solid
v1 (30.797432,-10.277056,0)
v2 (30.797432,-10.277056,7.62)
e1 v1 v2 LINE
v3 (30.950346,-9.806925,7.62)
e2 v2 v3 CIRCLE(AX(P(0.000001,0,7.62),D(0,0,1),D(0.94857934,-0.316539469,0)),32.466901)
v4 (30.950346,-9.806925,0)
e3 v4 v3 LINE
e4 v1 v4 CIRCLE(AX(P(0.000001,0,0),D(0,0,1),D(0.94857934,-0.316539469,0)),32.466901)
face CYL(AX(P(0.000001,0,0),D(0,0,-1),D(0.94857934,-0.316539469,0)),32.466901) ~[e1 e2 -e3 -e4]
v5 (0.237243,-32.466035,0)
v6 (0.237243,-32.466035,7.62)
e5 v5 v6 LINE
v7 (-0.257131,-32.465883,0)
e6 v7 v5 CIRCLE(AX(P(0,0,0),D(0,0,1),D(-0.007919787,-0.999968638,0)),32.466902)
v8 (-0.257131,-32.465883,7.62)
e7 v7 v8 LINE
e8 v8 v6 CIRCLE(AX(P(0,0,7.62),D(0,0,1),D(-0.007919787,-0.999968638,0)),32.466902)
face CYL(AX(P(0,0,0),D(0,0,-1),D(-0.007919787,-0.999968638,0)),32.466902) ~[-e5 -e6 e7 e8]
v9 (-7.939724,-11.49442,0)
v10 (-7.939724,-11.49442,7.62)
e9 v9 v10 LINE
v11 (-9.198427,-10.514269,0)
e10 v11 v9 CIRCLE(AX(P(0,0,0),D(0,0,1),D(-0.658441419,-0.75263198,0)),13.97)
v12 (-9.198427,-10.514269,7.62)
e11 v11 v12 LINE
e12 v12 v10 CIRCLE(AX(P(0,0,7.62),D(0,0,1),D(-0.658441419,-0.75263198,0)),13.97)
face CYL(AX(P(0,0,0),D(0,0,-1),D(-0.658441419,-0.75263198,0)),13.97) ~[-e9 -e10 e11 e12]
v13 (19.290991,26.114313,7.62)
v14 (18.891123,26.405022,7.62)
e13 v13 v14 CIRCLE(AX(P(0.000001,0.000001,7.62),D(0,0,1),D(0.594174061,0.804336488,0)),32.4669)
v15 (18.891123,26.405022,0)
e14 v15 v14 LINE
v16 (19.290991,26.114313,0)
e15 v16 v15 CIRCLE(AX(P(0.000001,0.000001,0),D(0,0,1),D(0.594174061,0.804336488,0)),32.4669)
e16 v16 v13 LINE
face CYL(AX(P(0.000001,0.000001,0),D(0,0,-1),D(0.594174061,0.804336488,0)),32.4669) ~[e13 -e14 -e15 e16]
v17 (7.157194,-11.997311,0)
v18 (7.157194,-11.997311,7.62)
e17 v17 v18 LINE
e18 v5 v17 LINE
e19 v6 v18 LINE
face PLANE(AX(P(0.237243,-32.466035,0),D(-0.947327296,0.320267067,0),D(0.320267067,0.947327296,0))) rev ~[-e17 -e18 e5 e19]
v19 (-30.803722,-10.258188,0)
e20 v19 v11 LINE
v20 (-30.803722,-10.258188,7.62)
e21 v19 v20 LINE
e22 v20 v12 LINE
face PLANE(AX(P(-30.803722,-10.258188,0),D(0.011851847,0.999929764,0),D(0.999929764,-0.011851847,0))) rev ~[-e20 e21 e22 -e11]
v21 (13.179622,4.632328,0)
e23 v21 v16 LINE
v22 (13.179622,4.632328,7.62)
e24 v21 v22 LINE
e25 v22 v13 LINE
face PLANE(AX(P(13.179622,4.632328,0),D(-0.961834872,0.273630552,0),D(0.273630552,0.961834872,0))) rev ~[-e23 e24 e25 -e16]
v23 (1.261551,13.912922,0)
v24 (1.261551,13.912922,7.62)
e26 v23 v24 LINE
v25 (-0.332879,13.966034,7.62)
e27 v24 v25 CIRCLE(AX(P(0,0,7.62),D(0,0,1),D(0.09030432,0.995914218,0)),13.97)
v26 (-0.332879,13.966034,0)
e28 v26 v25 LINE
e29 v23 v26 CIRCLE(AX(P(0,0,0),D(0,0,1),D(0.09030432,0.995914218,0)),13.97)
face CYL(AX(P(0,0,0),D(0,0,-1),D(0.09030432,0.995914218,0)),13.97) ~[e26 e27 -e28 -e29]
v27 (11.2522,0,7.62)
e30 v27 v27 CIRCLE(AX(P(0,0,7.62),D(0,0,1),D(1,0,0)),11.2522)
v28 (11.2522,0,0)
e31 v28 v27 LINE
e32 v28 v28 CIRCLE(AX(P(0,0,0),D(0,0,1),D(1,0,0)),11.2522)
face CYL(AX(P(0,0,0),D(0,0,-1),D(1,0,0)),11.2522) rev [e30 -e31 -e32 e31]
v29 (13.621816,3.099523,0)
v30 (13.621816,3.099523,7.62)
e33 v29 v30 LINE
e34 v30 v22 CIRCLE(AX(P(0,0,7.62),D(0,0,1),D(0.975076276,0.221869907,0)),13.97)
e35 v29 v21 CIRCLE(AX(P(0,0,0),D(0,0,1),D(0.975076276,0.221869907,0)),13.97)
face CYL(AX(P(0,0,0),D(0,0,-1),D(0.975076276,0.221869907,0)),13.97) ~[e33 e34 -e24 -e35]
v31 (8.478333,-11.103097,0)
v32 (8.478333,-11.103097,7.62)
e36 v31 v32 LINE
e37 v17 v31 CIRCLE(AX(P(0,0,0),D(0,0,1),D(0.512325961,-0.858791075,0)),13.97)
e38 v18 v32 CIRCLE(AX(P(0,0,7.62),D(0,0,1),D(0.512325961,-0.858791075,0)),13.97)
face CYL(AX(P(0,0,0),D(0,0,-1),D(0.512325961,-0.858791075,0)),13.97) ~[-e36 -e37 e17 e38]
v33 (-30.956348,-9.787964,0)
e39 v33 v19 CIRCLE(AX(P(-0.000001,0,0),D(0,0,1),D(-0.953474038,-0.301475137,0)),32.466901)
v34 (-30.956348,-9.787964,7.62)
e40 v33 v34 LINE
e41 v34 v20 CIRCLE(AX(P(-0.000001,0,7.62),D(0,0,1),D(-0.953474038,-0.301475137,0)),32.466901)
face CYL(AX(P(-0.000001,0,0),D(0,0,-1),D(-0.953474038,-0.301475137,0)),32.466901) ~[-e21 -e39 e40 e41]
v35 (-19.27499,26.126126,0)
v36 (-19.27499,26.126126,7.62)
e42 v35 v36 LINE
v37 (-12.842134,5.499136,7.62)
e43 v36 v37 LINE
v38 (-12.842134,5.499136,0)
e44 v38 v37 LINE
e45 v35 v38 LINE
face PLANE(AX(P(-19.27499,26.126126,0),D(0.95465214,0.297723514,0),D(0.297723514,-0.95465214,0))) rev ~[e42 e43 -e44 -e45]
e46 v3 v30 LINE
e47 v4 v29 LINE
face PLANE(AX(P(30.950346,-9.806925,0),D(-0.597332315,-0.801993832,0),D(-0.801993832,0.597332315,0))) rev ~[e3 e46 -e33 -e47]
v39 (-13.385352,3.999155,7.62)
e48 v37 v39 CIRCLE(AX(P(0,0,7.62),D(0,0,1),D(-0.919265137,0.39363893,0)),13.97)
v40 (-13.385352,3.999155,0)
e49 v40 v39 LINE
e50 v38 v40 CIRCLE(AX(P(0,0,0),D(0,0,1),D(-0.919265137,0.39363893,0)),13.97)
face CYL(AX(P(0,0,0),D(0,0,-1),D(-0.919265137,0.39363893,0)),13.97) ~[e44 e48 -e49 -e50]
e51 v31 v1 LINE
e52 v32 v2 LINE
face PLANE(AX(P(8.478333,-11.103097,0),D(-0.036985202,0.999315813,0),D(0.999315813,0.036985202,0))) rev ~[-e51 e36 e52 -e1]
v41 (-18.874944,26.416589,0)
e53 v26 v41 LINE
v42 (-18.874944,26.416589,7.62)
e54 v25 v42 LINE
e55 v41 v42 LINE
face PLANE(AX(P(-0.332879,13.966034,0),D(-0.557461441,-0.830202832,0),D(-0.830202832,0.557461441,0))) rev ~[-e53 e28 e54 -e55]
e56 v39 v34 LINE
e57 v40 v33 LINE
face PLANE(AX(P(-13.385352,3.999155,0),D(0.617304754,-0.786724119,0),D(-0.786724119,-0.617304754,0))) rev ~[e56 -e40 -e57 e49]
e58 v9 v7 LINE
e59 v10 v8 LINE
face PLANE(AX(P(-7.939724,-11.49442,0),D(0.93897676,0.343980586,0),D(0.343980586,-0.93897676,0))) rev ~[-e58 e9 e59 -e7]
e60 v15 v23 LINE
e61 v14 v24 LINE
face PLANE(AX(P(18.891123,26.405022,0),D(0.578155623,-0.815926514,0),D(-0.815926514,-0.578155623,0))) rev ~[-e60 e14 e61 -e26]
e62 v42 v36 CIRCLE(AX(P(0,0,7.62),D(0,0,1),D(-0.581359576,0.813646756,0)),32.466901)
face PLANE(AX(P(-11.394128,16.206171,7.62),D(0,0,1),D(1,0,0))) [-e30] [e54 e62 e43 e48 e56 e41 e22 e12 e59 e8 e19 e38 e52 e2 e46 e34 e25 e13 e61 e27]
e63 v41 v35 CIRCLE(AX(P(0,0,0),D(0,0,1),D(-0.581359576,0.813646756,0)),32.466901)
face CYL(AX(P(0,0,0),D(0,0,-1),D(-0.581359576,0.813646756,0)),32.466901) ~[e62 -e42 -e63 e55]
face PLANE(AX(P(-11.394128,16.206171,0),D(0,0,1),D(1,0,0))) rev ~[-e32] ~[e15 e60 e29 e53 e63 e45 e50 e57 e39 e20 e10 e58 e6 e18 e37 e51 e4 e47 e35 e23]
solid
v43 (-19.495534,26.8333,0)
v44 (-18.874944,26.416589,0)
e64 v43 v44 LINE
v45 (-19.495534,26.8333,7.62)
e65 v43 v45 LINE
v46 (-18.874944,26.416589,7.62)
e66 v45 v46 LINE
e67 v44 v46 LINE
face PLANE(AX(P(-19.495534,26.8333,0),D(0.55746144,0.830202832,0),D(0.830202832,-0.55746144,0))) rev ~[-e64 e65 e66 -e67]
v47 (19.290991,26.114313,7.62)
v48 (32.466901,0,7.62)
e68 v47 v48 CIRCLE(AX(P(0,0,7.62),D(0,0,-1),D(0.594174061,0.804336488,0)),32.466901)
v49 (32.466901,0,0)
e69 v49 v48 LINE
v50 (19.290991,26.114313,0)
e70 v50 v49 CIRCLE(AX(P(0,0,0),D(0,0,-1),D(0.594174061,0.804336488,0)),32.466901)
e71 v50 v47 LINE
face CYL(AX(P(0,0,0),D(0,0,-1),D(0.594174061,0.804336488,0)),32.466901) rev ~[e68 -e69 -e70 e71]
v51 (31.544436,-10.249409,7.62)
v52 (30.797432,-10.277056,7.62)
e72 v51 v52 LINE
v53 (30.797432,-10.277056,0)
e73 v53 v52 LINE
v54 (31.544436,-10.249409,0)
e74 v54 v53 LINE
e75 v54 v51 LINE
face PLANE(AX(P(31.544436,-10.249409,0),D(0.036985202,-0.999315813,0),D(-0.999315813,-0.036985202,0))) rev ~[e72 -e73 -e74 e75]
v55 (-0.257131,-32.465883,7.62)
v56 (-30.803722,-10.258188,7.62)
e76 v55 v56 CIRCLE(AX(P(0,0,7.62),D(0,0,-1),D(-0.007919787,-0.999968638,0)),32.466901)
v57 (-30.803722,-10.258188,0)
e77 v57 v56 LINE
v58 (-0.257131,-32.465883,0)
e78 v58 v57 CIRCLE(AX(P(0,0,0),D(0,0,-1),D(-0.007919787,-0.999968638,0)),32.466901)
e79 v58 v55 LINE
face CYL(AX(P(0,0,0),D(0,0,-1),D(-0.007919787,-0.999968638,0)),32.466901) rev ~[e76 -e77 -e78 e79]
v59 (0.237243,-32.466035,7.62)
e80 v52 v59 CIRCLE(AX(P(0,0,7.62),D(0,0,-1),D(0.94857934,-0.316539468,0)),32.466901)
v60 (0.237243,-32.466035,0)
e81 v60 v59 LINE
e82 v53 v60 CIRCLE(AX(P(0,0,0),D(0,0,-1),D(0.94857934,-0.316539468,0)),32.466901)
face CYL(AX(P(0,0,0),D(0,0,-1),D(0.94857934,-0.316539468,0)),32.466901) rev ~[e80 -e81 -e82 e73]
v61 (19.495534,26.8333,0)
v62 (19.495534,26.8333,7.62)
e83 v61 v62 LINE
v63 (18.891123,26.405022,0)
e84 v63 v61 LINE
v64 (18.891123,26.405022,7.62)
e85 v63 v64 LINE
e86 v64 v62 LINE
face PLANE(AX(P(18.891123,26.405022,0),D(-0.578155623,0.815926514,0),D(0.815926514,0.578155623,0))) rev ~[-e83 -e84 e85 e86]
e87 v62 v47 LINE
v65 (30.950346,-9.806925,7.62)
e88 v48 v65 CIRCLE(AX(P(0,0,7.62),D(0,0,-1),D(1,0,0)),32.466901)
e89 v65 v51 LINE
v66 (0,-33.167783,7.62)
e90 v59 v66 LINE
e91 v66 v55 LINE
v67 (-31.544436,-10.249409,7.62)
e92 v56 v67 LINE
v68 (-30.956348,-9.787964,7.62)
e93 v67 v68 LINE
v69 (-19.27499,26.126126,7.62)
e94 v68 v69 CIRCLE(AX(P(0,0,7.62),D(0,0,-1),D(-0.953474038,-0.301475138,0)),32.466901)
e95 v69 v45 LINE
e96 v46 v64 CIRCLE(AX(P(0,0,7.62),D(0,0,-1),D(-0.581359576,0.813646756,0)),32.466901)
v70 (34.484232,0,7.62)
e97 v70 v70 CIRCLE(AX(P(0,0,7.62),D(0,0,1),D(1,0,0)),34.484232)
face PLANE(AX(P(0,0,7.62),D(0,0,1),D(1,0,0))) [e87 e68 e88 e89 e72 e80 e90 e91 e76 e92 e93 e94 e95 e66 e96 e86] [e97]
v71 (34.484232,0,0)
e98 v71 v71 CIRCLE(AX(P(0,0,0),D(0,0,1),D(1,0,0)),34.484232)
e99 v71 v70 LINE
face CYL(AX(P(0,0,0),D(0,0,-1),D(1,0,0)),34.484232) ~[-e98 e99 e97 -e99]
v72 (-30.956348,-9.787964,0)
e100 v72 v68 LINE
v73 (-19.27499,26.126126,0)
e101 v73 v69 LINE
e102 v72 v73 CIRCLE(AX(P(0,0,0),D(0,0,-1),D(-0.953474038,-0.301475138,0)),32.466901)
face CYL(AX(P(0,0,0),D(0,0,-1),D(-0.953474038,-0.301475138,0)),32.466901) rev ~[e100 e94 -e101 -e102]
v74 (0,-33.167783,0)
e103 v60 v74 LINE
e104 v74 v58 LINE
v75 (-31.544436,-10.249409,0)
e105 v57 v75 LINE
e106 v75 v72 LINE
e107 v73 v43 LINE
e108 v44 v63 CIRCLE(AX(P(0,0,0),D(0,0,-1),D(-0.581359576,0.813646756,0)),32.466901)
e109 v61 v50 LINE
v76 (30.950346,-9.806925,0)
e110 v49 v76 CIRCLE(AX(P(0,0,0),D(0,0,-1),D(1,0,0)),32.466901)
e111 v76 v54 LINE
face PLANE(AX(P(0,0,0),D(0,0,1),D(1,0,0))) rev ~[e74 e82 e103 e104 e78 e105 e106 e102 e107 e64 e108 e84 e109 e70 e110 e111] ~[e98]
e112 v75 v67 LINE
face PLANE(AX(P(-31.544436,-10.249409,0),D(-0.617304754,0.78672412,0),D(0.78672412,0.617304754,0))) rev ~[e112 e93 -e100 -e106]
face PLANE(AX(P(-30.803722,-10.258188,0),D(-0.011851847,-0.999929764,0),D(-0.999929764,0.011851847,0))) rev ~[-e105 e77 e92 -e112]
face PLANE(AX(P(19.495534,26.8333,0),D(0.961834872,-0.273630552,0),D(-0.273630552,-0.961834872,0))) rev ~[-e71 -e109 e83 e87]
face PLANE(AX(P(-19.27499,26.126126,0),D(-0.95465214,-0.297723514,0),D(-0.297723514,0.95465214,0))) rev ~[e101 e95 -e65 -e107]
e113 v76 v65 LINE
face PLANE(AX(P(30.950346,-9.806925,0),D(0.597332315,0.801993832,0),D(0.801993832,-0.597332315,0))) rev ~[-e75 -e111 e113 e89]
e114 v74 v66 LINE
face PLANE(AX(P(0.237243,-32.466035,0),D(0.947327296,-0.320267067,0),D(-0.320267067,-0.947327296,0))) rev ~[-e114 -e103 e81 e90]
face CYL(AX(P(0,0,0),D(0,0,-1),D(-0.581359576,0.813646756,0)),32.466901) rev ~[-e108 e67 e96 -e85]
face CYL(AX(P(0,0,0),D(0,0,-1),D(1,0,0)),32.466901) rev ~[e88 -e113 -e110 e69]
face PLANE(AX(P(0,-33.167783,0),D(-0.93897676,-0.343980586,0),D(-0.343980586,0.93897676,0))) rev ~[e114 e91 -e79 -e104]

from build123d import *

# Parameters (mm, degrees)
F0_R     = 11.2522
F1_DEPTH = 7.62
F0_R_2   = 34.4842316456


with BuildPart() as f1:
    # F0 (on Top) → F1 (new body)
    with BuildSketch(Plane.XY):
        with BuildLine():
            ThreePointArc((-12.8421339688, 5.4991358527), (-7.8305382248, 11.5690782308), (-0.3328787362, 13.9660335009))
            Line((-0.3328787362, 13.9660335009), (-18.8749439971, 26.4165889708))
            ThreePointArc((-18.8749439971, 26.4165889708), (-19.0755199185, 26.2721187494), (-19.2749901009, 26.1261256284))
            Line((-19.2749901009, 26.1261256284), (-12.8421339688, 5.4991358527))
        make_face()
        with BuildLine():
            ThreePointArc((1.2615513463, 13.9129216271), (8.5830778523, 11.0223261874), (13.1796219812, 4.632328187))
            Line((13.1796219812, 4.632328187), (19.2909906159, 26.1143134085))
            ThreePointArc((19.2909906159, 26.1143134085), (19.0916099022, 26.260428692), (18.8911225169, 26.4050217534))
            Line((18.8911225169, 26.4050217534), (1.2615513463, 13.9129216271))
        make_face()
        with BuildLine():
            ThreePointArc((13.6218155794, 3.0995225957), (13.8826810027, 1.5595089541), (13.97, 0))
            ThreePointArc((13.97, 0), (12.5220448234, -6.1934879866), (8.4783330795, -11.1030972343))
            Line((8.4783330795, -11.1030972343), (30.7974318744, -10.2770556914))
            ThreePointArc((30.7974318744, -10.2770556914), (30.874783738, -10.0422812586), (30.950345902, -9.8069247112))
            Line((30.950345902, -9.8069247112), (13.6218155794, 3.0995225957))
        make_face()
        with BuildLine():
            Line((0.2372432141, -32.46603455), (7.1571936703, -11.997311314))
            ThreePointArc((7.1571936703, -11.997311314), (-0.4650950677, -13.962255784), (-7.9397239702, -11.4944196581))
            Line((-7.9397239702, -11.4944196581), (-0.2571309513, -32.4658831301))
            ThreePointArc((-0.2571309513, -32.4658831301), (-0.0099441568, -32.4668998344), (0.2372432141, -32.46603455))
        make_face()
        with BuildLine():
            Line((-30.8037215321, -10.2581881207), (-9.1984266271, -10.5142687613))
            ThreePointArc((-9.1984266271, -10.5142687613), (-13.4226166255, -3.8722426223), (-13.3853523543, 3.9991552046))
            Line((-13.3853523543, 3.9991552046), (-30.9563475419, -9.7879635578))
            ThreePointArc((-30.9563475419, -9.7879635578), (-30.8809295649, -10.0233663484), (-30.8037215321, -10.2581881207))
        make_face()
        with BuildLine():
            ThreePointArc((8.4783330795, -11.1030972343), (12.5220448234, -6.1934879866), (13.97, 0))
            ThreePointArc((13.97, 0), (13.8826810027, 1.5595089541), (13.6218155794, 3.0995225957))
            ThreePointArc((13.6218155794, 3.0995225957), (13.4226166255, 3.8722426223), (13.1796219812, 4.632328187))
            ThreePointArc((13.1796219812, 4.632328187), (8.5830778523, 11.0223261874), (1.2615513463, 13.9129216271))
            ThreePointArc((1.2615513463, 13.9129216271), (0.4650950677, 13.962255784), (-0.3328787362, 13.9660335009))
            ThreePointArc((-0.3328787362, 13.9660335009), (-7.8305382248, 11.5690782308), (-12.8421339688, 5.4991358527))
            ThreePointArc((-12.8421339688, 5.4991358527), (-13.1351720656, 4.7569060119), (-13.3853523543, 3.9991552046))
            ThreePointArc((-13.3853523543, 3.9991552046), (-13.4226166255, -3.8722426223), (-9.1984266271, -10.5142687613))
            ThreePointArc((-9.1984266271, -10.5142687613), (-8.5830778523, -11.0223261874), (-7.9397239702, -11.4944196581))
            ThreePointArc((-7.9397239702, -11.4944196581), (-0.4650950677, -13.962255784), (7.1571936703, -11.997311314))
            ThreePointArc((7.1571936703, -11.997311314), (7.8305382248, -11.5690782308), (8.4783330795, -11.1030972343))
        make_face()
        Circle(F0_R, mode=Mode.SUBTRACT)
    extrude(amount=F1_DEPTH)


with BuildPart() as f1b:
    # F0 (on Top) → F1, piece 2 (new body)
    with BuildSketch(Plane.XY):
        Circle(F0_R_2)
        with BuildLine():
            ThreePointArc((32.4669013573, 0), (32.0855225228, -4.9617464853), (30.950345902, -9.8069247112))
            Line((30.950345902, -9.8069247112), (31.5444363158, -10.2494086656))
            Line((31.5444363158, -10.2494086656), (30.7974318744, -10.2770556914))
            ThreePointArc((30.7974318744, -10.2770556914), (19.0755199185, -26.2721187494), (0.2372432141, -32.46603455))
            Line((0.2372432141, -32.46603455), (0, -33.1677831709))
            Line((0, -33.1677831709), (-0.2571309513, -32.4658831301))
            ThreePointArc((-0.2571309513, -32.4658831301), (-19.0916099022, -26.260428692), (-30.8037215321, -10.2581881207))
            Line((-30.8037215321, -10.2581881207), (-31.5444363158, -10.2494086656))
            Line((-31.5444363158, -10.2494086656), (-30.9563475419, -9.7879635578))
            ThreePointArc((-30.9563475419, -9.7879635578), (-30.874783738, 10.0422812586), (-19.2749901009, 26.1261256284))
            Line((-19.2749901009, 26.1261256284), (-19.4955337991, 26.833300251))
            Line((-19.4955337991, 26.833300251), (-18.8749439971, 26.4165889708))
            ThreePointArc((-18.8749439971, 26.4165889708), (0.0099441568, 32.4668998344), (18.8911225169, 26.4050217534))
            Line((18.8911225169, 26.4050217534), (19.4955337991, 26.833300251))
            Line((19.4955337991, 26.833300251), (19.2909906159, 26.1143134085))
            ThreePointArc((19.2909906159, 26.1143134085), (28.9863620791, 14.6249956296), (32.4669013573, 0))
        make_face(mode=Mode.SUBTRACT)
    extrude(amount=F1_DEPTH)


solid = Compound([f1.part, f1b.part])
